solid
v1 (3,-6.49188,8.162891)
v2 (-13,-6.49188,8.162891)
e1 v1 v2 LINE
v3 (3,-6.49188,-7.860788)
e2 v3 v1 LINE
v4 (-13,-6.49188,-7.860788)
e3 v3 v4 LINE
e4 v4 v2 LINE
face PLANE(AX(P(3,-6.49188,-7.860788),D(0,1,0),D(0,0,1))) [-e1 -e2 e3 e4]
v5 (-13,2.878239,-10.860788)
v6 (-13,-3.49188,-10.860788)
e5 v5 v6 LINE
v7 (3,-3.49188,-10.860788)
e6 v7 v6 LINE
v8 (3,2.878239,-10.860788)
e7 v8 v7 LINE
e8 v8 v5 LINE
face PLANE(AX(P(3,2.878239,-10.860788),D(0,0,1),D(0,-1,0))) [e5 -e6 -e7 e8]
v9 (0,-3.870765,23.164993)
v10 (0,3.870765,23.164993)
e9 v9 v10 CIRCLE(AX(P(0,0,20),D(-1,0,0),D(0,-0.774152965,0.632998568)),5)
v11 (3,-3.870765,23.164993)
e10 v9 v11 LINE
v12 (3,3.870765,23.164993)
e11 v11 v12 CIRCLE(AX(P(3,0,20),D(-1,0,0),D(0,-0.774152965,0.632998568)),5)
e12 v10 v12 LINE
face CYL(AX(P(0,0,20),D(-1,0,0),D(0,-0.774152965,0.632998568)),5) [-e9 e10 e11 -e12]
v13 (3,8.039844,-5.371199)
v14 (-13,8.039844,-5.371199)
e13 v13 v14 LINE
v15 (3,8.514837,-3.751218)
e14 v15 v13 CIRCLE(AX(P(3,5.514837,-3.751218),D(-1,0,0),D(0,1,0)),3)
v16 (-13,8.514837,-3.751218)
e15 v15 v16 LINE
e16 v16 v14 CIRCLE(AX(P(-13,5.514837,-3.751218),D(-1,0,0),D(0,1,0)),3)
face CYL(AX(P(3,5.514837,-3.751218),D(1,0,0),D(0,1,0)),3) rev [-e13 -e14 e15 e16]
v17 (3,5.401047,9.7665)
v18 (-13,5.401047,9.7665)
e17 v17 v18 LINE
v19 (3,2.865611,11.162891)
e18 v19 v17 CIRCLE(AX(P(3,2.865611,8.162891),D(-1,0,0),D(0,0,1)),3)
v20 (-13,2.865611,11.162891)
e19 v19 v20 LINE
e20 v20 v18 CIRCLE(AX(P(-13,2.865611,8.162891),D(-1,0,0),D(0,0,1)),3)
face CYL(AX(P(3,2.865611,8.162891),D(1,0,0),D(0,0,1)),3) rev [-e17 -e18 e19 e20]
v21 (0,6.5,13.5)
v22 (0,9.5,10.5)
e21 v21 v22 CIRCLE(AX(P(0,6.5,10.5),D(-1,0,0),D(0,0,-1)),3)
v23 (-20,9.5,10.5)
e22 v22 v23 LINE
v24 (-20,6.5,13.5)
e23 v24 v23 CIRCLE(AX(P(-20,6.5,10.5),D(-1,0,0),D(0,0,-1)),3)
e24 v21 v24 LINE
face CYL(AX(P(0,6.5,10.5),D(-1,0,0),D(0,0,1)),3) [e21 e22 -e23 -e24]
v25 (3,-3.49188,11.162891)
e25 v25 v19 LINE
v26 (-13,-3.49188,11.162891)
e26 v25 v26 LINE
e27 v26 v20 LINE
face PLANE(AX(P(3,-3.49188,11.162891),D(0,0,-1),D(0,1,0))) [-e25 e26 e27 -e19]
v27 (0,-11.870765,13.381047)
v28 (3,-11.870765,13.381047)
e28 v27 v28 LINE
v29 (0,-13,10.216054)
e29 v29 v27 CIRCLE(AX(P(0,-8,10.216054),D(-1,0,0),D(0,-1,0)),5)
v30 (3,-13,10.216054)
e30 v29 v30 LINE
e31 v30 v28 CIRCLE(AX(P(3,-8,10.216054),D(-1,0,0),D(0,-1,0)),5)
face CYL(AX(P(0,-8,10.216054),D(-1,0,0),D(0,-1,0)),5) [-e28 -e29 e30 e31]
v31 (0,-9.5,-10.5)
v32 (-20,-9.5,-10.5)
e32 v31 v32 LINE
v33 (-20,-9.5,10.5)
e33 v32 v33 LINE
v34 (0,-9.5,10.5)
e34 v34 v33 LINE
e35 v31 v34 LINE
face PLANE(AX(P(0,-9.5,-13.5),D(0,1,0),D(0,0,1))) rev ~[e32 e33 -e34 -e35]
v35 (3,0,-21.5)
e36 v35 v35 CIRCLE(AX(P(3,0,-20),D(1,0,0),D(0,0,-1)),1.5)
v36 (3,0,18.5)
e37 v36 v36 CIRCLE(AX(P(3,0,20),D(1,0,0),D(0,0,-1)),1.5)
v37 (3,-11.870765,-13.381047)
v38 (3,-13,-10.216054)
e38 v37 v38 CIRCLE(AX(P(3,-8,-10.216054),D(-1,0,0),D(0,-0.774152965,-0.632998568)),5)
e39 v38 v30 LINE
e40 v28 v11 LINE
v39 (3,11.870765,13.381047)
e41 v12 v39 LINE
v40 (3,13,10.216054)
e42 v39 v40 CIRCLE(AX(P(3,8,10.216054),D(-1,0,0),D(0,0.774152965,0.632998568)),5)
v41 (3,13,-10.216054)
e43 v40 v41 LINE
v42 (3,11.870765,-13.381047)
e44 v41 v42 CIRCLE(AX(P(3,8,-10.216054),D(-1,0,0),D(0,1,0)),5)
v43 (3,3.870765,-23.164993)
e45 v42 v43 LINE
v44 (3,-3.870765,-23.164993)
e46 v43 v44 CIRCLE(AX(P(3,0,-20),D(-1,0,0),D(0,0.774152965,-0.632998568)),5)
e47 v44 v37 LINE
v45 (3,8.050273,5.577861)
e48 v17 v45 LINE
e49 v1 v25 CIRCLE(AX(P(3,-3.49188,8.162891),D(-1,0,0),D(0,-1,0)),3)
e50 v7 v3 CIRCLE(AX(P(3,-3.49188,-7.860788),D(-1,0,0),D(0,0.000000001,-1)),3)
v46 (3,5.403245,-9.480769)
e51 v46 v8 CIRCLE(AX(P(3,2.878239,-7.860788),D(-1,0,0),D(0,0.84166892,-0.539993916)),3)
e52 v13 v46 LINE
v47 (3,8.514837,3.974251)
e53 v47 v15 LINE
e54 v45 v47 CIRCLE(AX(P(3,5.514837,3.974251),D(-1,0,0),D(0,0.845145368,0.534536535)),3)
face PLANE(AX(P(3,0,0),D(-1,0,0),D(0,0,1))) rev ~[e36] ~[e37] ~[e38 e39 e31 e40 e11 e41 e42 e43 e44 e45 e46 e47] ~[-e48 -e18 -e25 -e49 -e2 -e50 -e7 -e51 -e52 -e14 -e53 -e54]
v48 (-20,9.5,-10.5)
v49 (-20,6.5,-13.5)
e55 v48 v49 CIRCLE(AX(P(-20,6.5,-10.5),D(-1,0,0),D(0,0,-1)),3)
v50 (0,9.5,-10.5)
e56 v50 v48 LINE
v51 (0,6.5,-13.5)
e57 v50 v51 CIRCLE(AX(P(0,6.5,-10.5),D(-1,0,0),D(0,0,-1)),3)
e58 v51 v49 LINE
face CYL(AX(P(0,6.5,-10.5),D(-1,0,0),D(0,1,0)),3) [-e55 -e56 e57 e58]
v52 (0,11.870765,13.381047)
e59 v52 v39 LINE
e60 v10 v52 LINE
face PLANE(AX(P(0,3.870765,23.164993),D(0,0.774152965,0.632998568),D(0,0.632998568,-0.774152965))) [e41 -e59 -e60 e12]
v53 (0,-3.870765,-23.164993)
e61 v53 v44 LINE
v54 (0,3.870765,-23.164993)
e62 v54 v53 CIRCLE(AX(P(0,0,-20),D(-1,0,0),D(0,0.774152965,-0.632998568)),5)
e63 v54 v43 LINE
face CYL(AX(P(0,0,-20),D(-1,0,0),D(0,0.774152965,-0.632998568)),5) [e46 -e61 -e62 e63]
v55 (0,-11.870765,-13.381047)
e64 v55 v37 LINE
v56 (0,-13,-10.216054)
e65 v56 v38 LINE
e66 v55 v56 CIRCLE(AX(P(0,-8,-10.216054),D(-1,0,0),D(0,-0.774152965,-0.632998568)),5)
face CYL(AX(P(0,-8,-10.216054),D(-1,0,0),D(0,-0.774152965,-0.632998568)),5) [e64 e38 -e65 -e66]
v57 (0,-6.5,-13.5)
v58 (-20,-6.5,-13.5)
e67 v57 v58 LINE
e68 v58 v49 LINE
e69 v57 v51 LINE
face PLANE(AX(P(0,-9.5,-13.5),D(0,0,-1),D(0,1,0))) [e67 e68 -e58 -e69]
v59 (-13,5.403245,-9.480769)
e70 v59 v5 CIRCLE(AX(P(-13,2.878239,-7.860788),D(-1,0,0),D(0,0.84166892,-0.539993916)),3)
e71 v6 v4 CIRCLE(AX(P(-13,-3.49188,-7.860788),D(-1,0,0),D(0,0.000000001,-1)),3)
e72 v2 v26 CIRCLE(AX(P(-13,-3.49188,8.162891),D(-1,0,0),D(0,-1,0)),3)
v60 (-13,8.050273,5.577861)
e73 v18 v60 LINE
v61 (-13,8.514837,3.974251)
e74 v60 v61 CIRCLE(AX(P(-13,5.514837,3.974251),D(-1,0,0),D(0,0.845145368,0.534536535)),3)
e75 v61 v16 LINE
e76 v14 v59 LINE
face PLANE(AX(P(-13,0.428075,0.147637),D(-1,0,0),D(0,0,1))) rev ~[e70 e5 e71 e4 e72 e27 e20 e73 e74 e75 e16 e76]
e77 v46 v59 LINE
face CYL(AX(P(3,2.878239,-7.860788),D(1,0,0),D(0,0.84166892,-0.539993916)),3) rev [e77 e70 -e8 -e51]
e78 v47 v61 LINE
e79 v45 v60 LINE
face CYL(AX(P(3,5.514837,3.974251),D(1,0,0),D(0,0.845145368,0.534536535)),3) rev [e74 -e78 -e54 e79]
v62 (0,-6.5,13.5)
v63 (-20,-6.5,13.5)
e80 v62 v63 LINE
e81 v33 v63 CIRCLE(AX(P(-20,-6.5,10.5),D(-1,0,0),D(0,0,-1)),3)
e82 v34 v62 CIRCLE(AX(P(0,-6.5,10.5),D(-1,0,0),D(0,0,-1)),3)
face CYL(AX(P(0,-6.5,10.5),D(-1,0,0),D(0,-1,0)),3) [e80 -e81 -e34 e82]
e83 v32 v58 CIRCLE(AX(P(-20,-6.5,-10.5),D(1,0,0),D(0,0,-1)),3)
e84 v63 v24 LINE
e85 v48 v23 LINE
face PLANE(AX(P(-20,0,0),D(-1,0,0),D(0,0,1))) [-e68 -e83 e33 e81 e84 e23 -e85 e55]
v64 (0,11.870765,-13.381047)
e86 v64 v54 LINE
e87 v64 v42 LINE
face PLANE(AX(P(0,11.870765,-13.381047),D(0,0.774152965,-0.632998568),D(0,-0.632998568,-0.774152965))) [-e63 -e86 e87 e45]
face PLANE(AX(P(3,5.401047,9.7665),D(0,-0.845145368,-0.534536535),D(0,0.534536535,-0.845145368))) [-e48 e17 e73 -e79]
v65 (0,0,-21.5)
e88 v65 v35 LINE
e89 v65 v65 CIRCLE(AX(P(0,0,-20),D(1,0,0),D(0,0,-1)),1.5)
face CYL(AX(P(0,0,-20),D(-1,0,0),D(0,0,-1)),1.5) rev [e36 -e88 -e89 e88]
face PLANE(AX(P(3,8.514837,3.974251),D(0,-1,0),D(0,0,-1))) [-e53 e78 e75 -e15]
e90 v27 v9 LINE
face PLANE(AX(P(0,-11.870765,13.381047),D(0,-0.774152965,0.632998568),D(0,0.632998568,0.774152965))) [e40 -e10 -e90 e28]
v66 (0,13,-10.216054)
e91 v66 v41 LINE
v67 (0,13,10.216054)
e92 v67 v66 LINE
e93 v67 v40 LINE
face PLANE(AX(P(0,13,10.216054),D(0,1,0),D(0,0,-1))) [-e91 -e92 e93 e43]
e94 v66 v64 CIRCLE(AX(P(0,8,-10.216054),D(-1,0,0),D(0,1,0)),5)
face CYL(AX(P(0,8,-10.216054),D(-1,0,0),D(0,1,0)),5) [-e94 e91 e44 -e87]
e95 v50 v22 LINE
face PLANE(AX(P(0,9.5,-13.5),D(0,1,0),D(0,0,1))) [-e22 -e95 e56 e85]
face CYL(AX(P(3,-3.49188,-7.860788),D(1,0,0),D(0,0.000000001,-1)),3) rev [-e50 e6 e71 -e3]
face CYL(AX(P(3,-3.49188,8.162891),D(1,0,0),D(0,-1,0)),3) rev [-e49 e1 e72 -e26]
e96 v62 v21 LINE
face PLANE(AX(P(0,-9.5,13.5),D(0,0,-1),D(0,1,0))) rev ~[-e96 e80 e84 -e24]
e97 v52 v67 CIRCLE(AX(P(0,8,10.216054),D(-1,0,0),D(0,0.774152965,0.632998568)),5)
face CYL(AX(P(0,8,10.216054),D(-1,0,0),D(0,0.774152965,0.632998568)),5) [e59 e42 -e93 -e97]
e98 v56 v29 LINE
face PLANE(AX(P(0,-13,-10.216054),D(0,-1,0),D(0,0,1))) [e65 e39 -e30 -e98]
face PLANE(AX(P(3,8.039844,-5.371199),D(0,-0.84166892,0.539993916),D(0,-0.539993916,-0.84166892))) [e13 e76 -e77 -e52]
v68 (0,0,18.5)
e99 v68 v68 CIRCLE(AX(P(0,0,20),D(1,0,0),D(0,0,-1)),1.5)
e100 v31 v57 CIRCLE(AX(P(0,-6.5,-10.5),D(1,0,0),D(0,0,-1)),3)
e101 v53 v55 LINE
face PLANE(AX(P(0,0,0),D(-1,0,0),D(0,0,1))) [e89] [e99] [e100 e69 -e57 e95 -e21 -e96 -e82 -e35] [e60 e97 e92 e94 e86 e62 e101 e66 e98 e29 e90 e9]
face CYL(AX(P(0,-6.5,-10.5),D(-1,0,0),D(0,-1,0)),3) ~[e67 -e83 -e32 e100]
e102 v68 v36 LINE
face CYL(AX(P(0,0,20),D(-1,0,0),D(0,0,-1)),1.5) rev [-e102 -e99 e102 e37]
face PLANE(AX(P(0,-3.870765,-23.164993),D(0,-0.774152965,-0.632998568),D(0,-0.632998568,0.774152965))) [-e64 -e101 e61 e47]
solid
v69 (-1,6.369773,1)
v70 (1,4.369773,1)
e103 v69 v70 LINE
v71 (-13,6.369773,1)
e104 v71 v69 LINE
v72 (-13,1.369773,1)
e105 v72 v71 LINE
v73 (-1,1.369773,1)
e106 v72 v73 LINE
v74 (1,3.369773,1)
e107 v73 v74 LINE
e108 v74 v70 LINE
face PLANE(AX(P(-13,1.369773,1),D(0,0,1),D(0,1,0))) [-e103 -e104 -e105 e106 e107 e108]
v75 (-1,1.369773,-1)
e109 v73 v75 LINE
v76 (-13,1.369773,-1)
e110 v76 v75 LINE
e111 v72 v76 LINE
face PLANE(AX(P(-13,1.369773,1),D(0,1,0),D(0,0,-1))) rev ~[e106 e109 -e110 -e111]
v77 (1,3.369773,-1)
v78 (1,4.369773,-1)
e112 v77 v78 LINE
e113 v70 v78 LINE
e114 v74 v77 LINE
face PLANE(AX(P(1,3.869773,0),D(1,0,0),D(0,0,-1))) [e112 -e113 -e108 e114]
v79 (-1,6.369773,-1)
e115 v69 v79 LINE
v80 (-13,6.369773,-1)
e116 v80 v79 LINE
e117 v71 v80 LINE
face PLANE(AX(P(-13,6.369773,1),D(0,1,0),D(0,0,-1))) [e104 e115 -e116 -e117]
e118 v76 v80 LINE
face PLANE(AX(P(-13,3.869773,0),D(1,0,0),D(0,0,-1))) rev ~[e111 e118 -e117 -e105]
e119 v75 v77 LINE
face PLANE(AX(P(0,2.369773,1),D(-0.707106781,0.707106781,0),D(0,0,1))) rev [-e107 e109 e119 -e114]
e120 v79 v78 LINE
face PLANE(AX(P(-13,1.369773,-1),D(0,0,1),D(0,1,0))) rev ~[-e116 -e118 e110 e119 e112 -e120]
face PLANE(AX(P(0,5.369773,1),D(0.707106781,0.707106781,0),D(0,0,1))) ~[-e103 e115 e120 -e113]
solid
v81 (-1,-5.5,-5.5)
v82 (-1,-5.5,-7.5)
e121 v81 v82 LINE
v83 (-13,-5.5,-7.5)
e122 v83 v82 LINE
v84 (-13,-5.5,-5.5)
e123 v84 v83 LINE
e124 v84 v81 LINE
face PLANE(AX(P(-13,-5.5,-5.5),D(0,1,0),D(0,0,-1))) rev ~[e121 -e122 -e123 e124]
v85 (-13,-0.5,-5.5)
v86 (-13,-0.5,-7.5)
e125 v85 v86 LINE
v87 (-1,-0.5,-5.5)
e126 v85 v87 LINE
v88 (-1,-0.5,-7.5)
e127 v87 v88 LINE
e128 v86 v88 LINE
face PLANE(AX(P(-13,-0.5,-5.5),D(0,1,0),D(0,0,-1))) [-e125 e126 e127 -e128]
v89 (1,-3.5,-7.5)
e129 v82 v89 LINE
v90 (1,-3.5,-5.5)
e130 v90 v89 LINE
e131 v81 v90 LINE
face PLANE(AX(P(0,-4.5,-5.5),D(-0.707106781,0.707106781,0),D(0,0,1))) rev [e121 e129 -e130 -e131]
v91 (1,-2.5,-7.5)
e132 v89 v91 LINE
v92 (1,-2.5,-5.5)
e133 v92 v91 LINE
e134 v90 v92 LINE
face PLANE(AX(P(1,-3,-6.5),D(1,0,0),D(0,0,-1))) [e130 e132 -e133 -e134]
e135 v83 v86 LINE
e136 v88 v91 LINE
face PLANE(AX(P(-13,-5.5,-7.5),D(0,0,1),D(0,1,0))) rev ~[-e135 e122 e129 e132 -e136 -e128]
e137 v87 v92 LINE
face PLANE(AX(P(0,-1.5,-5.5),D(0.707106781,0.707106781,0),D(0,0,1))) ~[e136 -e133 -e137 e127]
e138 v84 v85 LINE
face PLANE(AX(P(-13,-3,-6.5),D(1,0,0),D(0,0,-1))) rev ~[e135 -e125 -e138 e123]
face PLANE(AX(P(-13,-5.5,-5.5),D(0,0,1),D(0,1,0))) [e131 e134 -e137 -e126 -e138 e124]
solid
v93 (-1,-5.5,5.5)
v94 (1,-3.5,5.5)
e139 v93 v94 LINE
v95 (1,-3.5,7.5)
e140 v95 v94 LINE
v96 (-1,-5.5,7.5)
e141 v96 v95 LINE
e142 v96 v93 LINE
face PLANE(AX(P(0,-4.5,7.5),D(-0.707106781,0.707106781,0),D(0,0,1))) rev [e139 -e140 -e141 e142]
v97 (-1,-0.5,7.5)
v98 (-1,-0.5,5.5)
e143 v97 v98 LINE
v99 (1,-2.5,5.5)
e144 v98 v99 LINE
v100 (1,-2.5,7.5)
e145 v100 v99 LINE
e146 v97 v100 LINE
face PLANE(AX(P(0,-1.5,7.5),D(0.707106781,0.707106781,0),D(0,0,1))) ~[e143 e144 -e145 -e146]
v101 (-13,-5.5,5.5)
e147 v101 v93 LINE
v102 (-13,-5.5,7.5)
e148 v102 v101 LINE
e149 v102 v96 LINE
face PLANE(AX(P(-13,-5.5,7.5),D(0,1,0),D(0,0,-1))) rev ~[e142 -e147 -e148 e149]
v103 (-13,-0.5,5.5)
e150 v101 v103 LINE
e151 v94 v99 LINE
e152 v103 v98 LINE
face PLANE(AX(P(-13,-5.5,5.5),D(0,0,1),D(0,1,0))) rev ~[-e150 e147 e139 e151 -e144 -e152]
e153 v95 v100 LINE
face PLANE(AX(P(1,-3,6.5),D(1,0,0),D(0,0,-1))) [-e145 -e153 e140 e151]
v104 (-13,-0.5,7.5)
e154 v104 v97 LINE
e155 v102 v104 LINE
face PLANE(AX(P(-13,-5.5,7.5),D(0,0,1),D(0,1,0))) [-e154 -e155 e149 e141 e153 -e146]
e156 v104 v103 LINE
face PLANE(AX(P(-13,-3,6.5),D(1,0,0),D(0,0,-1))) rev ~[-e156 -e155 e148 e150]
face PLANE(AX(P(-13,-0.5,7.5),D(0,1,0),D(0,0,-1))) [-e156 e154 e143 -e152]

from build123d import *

# Parameters (mm, degrees)
SKETCH1_R             = 1.5
BOSS_EXTRUDE1_DEPTH   = 3
SKETCH2_W             = 27
SKETCH2_H             = 19
BOSS_EXTRUDE2_DEPTH   = 20
FILLET1_R             = 3
CUT_EXTRUDE1_DEPTH    = 16
SKETCH4_W             = 2
SKETCH4_H             = 5
BOSS_EXTRUDE3_DEPTH   = 14
BOSS_EXTRUDE3_2_DEPTH = 14
BOSS_EXTRUDE3_3_DEPTH = 14
CHAMFER1_SIZE         = 2
CHAMFER2_SIZE         = 2
CHAMFER3_SIZE         = 2


with BuildPart() as part:
    # Sketch1 → Boss-Extrude1 (new body)
    with BuildSketch(Plane(origin=(0, 0, 0), x_dir=(0, 0, -1), z_dir=(1, 0, 0))):
        with BuildLine():
            Line((-23.16499284, 3.870764824), (-13.381046978, 11.870764824))
            ThreePointArc((-13.381046978, 11.870764824), (-11.89625887, 12.709236887), (-10.216054138, 13))
            Line((-10.216054138, 13), (10.216054138, 13))
            ThreePointArc((10.216054138, 13), (11.89625887, 12.709236887), (13.381046978, 11.870764824))
            Line((13.381046978, 11.870764824), (23.16499284, 3.870764824))
            ThreePointArc((23.16499284, 3.870764824), (25, 0), (23.16499284, -3.870764824))
            Line((23.16499284, -3.870764824), (13.381046978, -11.870764824))
            ThreePointArc((13.381046978, -11.870764824), (11.89625887, -12.709236887), (10.216054138, -13))
            Line((10.216054138, -13), (-10.216054138, -13))
            ThreePointArc((-10.216054138, -13), (-11.89625887, -12.709236887), (-13.381046978, -11.870764824))
            Line((-13.381046978, -11.870764824), (-23.16499284, -3.870764824))
            ThreePointArc((-23.16499284, -3.870764824), (-25, 0), (-23.16499284, 3.870764824))
        make_face()
        with Locations((-20, 0)):
            Circle(SKETCH1_R, mode=Mode.SUBTRACT)
        with Locations((20, 0)):
            Circle(SKETCH1_R, mode=Mode.SUBTRACT)
    extrude(amount=BOSS_EXTRUDE1_DEPTH)

    # Sketch2 → Boss-Extrude2 (add)
    with BuildSketch(Plane.ZY):
        Rectangle(SKETCH2_W, SKETCH2_H)
    extrude(amount=BOSS_EXTRUDE2_DEPTH)

    # Fillet1
    fillet1_edges = [part.edges().sort_by_distance(p)[0] for p in [
        (-10, 9.5, -13.5),
        (-10, -9.5, -13.5),
        (-10, -9.5, 13.5),
        (-10, 9.5, 13.5),
    ]]
    fillet(fillet1_edges, radius=FILLET1_R)

    # Sketch3 → Cut-Extrude1 (cut)
    with BuildSketch(Plane(origin=(3, 0, 0), x_dir=(0, 0, -1), z_dir=(1, 0, 0))):
        with BuildLine():
            Line((-3.974251102, 8.514836849), (3.75121773, 8.514836849))
            ThreePointArc((3.75121773, 8.514836849), (4.595308875, 8.393640444), (5.371199479, 8.039843608))
            Line((5.371199479, 8.039843608), (9.48076945, 5.403245378))
            ThreePointArc((9.48076945, 5.403245378), (10.493271817, 4.31699759), (10.8607877, 2.878238619))
            Line((10.8607877, 2.878238619), (10.8607877, -3.491879979))
            ThreePointArc((10.8607877, -3.491879979), (9.982108044, -5.613200323), (7.8607877, -6.491879979))
            Line((7.8607877, -6.491879979), (-8.162890641, -6.491879979))
            ThreePointArc((-8.162890641, -6.491879979), (-10.284210984, -5.613200323), (-11.162890641, -3.491879979))
            Line((-11.162890641, -3.491879979), (-11.162890641, 2.865611104))
            ThreePointArc((-11.162890641, 2.865611104), (-10.790706161, 4.312879425), (-9.766500246, 5.401047207))
            Line((-9.766500246, 5.401047207), (-5.577860708, 8.050272952))
            ThreePointArc((-5.577860708, 8.050272952), (-4.809024032, 8.396356267), (-3.974251102, 8.514836849))
        make_face()
    extrude(amount=-CUT_EXTRUDE1_DEPTH, mode=Mode.SUBTRACT)


with BuildPart() as body_2:
    # Sketch4 → Boss-Extrude3 (new body)
    with BuildSketch(Plane(origin=(-13, 0, 0), x_dir=(0, 0, -1), z_dir=(1, 0, 0))):
        with Locations((0, 3.869772999)):
            Rectangle(SKETCH4_W, SKETCH4_H)
    extrude(amount=BOSS_EXTRUDE3_DEPTH)

    # Chamfer1
    chamfer1_edges = [body_2.edges().sort_by_distance(p)[0] for p in [
        (1, 6.369772999, 0),
        (1, 1.369772999, 0),
    ]]
    chamfer(chamfer1_edges, length=CHAMFER1_SIZE)


with BuildPart() as body_3:
    # Sketch4 → Boss-Extrude3 2 (new body)
    with BuildSketch(Plane(origin=(-13, 0, 0), x_dir=(0, 0, -1), z_dir=(1, 0, 0))):
        with Locations((-6.5, -3)):
            Rectangle(SKETCH4_W, SKETCH4_H)
    extrude(amount=BOSS_EXTRUDE3_2_DEPTH)

    # Chamfer2
    chamfer2_edges = [body_3.edges().sort_by_distance(p)[0] for p in [
        (1, -0.5, 6.5),
        (1, -5.5, 6.5),
    ]]
    chamfer(chamfer2_edges, length=CHAMFER2_SIZE)


with BuildPart() as body_4:
    # Sketch4 → Boss-Extrude3 3 (new body)
    with BuildSketch(Plane(origin=(-13, 0, 0), x_dir=(0, 0, -1), z_dir=(1, 0, 0))):
        with Locations((6.5, -3)):
            Rectangle(SKETCH4_W, SKETCH4_H)
    extrude(amount=BOSS_EXTRUDE3_3_DEPTH)

    # Chamfer3
    chamfer3_edges = [body_4.edges().sort_by_distance(p)[0] for p in [
        (1, -0.5, -6.5),
        (1, -5.5, -6.5),
    ]]
    chamfer(chamfer3_edges, length=CHAMFER3_SIZE)


solid = Compound([part.part, body_2.part, body_3.part, body_4.part])
